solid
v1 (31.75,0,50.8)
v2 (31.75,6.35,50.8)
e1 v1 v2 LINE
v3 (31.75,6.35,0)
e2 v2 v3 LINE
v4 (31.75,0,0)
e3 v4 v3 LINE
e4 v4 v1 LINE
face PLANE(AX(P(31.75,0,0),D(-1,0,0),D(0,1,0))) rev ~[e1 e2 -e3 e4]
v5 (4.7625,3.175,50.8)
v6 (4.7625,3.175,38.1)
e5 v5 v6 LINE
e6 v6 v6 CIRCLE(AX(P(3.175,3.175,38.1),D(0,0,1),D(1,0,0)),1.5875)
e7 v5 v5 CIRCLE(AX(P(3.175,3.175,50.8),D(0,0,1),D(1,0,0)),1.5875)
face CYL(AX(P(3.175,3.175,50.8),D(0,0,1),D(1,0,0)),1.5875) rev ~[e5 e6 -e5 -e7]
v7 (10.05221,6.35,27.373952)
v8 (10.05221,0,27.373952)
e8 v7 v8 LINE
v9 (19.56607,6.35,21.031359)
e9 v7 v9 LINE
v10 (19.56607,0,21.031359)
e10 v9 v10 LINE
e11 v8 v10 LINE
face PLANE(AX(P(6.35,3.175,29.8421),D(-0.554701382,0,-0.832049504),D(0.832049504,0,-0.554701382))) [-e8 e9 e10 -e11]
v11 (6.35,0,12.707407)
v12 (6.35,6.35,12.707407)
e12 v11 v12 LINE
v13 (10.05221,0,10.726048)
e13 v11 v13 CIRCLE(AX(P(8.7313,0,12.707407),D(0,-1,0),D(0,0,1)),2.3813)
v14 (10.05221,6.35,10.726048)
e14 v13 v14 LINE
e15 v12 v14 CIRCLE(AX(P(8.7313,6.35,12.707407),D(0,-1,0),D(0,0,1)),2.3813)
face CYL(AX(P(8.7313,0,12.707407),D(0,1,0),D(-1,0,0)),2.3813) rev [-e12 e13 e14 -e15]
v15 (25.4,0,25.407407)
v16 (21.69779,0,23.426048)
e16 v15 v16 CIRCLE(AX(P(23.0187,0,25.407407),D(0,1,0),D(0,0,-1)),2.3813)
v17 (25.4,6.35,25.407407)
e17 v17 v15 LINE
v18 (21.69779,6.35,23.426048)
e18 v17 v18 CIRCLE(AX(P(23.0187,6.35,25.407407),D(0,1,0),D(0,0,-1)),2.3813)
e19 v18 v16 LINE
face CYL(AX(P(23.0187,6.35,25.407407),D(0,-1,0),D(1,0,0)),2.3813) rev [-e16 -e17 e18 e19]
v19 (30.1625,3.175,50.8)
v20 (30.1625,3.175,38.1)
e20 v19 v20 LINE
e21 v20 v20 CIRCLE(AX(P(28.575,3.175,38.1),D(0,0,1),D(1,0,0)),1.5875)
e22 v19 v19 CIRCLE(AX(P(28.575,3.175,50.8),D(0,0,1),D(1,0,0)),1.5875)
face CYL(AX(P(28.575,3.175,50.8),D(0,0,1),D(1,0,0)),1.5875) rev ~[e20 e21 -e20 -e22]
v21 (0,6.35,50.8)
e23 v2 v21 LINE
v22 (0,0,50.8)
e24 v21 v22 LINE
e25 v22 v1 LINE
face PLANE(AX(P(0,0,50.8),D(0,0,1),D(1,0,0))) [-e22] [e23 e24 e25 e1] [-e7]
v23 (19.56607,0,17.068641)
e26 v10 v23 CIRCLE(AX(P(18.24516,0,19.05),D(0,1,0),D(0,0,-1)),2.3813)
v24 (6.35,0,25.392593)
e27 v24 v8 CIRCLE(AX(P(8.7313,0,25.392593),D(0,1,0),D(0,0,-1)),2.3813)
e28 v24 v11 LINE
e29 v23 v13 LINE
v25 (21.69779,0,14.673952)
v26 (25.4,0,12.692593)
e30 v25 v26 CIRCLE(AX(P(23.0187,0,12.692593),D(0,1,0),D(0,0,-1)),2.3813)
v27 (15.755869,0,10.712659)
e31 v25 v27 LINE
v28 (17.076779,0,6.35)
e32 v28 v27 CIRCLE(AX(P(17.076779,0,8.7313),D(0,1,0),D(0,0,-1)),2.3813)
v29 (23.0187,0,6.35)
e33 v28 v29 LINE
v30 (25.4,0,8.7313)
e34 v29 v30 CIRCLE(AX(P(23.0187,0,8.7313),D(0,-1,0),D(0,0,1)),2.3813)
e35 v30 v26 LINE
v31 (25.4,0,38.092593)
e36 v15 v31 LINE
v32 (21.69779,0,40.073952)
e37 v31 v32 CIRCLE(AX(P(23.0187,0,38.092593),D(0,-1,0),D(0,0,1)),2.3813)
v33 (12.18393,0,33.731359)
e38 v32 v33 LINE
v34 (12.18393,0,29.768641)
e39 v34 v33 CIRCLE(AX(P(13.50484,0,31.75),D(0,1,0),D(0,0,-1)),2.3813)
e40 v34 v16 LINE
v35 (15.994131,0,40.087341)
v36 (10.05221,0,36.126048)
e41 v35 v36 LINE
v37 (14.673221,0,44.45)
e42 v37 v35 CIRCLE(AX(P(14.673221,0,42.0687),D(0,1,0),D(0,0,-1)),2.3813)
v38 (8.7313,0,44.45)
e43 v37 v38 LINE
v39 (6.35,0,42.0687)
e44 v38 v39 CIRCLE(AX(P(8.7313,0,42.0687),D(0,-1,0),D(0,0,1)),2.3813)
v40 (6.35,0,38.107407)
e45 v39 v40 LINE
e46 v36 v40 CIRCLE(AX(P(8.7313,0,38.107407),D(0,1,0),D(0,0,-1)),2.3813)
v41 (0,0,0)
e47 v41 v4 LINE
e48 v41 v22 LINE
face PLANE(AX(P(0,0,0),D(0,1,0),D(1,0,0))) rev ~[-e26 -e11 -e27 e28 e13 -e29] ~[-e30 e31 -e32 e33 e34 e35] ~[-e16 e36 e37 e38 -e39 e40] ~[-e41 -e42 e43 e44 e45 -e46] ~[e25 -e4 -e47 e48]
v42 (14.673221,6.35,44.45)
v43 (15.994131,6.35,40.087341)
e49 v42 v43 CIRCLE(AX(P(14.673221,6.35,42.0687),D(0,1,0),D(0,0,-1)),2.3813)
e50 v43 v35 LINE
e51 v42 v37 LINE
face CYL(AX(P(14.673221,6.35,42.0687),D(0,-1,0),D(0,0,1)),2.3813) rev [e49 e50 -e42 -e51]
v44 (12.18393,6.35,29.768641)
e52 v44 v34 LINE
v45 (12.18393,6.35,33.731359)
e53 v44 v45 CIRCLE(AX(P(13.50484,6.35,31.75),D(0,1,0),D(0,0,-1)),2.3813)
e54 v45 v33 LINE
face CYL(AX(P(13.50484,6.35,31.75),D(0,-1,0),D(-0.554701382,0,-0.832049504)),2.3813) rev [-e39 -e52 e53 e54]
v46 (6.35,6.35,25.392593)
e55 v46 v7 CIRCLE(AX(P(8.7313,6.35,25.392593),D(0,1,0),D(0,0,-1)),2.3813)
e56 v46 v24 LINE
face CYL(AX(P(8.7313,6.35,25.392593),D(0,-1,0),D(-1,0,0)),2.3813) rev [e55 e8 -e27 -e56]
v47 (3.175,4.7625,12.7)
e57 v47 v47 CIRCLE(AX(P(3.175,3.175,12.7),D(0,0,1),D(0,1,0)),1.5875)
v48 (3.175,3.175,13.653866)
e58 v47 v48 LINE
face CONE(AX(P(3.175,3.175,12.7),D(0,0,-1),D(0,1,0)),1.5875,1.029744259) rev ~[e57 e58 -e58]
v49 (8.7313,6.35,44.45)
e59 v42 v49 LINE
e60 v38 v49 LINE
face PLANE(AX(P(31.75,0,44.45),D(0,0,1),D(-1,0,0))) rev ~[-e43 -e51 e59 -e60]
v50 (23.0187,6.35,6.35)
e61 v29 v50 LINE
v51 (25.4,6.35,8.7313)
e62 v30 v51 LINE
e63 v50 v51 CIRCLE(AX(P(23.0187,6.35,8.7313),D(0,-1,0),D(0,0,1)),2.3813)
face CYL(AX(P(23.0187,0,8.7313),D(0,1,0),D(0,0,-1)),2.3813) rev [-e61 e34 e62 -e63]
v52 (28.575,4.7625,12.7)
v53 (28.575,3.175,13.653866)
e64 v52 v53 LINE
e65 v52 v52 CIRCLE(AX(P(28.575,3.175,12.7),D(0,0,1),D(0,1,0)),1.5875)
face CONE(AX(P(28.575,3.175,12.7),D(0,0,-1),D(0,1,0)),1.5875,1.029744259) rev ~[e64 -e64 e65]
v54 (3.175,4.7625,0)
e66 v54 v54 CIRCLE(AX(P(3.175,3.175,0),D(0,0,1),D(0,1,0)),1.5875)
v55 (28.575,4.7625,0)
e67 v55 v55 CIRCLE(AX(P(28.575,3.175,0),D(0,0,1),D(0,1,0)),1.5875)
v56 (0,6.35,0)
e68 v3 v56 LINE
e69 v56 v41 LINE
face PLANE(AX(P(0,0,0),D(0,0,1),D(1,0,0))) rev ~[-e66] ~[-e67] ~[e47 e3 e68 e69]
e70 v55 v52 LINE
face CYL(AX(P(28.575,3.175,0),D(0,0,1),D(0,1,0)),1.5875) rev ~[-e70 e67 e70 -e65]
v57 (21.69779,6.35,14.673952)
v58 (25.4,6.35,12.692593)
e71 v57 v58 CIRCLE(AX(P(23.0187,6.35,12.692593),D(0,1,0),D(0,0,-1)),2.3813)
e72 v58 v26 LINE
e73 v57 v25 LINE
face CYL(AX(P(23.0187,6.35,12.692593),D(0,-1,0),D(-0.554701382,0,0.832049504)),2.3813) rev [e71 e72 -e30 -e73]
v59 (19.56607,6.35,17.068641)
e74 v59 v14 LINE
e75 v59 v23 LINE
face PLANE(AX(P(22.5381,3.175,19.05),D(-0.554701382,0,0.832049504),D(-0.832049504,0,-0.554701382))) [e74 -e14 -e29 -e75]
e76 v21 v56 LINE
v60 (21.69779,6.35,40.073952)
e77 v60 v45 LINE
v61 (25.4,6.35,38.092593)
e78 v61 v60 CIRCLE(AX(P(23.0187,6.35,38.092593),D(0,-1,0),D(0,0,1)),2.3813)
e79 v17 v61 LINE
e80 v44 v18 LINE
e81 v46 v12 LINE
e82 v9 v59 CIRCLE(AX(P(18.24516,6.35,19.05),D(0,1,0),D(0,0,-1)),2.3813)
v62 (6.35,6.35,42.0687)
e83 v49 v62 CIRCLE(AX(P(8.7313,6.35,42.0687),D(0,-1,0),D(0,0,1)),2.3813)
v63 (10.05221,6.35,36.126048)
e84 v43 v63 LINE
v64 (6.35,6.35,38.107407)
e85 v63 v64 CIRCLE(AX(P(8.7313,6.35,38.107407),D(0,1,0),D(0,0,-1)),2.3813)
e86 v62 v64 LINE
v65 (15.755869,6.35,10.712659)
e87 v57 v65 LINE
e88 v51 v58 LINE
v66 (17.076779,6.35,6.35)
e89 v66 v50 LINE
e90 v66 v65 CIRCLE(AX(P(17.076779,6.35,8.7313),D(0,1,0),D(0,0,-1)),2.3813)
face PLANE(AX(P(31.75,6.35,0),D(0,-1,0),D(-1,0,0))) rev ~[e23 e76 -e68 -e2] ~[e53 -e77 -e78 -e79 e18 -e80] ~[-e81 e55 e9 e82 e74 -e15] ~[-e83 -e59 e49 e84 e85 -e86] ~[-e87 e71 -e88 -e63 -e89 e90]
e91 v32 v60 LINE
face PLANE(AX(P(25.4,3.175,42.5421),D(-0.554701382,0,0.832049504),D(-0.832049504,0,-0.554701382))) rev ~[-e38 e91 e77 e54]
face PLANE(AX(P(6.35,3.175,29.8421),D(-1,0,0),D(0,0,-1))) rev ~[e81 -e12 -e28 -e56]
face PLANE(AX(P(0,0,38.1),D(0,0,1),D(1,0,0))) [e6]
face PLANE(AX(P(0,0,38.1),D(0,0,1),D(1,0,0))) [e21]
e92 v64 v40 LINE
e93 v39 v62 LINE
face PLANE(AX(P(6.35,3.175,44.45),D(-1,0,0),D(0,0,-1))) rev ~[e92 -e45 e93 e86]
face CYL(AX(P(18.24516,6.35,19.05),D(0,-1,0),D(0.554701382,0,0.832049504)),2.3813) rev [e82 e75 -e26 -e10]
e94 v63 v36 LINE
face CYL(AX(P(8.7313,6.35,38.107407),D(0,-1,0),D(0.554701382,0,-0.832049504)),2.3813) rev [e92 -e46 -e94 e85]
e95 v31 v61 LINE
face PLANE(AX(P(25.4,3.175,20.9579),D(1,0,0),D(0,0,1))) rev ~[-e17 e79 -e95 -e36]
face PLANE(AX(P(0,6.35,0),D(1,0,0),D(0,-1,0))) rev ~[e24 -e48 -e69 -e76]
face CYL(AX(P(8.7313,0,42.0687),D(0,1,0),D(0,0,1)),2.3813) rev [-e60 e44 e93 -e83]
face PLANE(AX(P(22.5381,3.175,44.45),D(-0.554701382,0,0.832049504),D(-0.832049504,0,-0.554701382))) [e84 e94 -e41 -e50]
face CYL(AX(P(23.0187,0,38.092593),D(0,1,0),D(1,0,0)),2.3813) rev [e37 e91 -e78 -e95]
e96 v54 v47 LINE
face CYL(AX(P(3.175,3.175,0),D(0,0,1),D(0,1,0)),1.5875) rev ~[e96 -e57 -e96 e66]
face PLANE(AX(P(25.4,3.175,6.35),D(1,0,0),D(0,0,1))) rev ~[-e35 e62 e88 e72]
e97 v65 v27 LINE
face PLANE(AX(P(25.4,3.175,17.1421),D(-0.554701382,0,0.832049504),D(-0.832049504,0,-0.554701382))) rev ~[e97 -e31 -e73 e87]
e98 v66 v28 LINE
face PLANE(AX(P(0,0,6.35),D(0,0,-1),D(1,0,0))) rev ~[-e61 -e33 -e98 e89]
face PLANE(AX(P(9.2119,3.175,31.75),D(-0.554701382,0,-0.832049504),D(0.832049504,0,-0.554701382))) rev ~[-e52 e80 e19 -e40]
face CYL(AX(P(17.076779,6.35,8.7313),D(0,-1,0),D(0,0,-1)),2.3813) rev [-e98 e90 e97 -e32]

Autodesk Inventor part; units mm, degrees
ref_plane "YZ Plane" through (0, 0, 0) normal (1, 0, 0) x (0, 1, 0)
ref_plane "XZ Plane" through (0, 0, 0) normal (0, 1, 0) x (-1, 0, 0)
sketch "Sketch1" plane through (0, 0, 0) normal (0, 0, 1) x (1, 0, 0)
  line L0 (0, 0) -> (31.75, 0)
  line L1 (31.75, 0) -> (31.75, 6.35)
  line L2 (31.75, 6.35) -> (0, 6.35)
  line L3 (0, 6.35) -> (0, 0)
  point P0 (3.175, 3.175)
  point P1 (28.575, 3.175)
  dimension "d0" = 6.35
  dimension "d1" = 31.75
  dimension "d4" = 3.175
  dimension "d5" = 3.175
  dimension "d6" = 3.175
  dimension "d8" = 3.175
extrude "Extrusion1" add sketch "Sketch1" along normal blind 50.8
sketch "Sketch2" plane through (0, 0, 50.8) normal (0, 0, 1) x (1, 0, 0)
  circle A0 centre (3.175, 3.175) radius 1.5875 projected
  circle A1 centre (28.575, 3.175) radius 1.5875 projected
ref_plane "Work Plane1" through (0, 3.175, 0) normal (0, 1, 0) x (1, 0, 0)
sketch "Sketch3" plane through (0, 3.175, 0) normal (0, 1, 0) x (1, 0, 0)
  line L0 (0, 0) -> (31.75, 0) projected
  line L1 (0, 0) -> (0, -50.8) projected
  line L2 (31.75, 0) -> (31.75, -50.8) projected
  line L3 (31.75, -50.8) -> (0, -50.8) projected
  line L4 (6.35, -6.35) -> (25.4, -6.35)
  line L5 (25.4, -6.35) -> (25.4, -44.45)
  line L6 (25.4, -44.45) -> (6.35, -44.45)
  line L7 (6.35, -44.45) -> (6.35, -6.35)
  line L8 (25.4, -44.45) -> (6.35, -31.75) construction
  line L9 (25.4, -19.05) -> (6.35, -6.35) construction
  line L10 (6.35, -31.75) -> (25.4, -19.05) construction
  line L11 (22.5381, -44.45) -> (6.35, -33.6579)
  line L12 (25.4, -42.5421) -> (9.2119, -31.75)
  line L13 (9.2119, -31.75) -> (25.4, -20.9579)
  line L14 (6.35, -29.8421) -> (22.5381, -19.05)
  line L15 (22.5381, -19.05) -> (6.35, -8.2579)
  line L16 (25.4, -17.1421) -> (9.2119, -6.35)
  point P0 (25.4, -15.6798)
  point P1 (6.35, -19.8802)
  point P2 (6.35, -8.0598)
  point P3 (10.6245, -6.35)
  point P4 (25.4, -12.2602)
  dimension "d27" = 6.35
  dimension "d28" = 6.35
  dimension "d29" = 6.35
  dimension "d30" = 6.35
  dimension "d31" = 33.69
  dimension "d32" = 67.38
  dimension "d33" = 1.5875
  dimension "d34" = 3.175
  dimension "d35" = 1.5875
  dimension "d36" = 3.175
  dimension "d37" = 1.5875
  dimension "d38" = 3.175
extrude "Extrusion4" cut sketch "Sketch3" along normal mid plane 25.4 contours L4 L5 L16 | L15 L14 L7 | L5 L12 L13 | L11 L6 L7
sketch "Sketch5" plane through (0, 6.35, 0) normal (0, 1, 0) x (1, 0, 0)
  line L0 (0, -50.8) -> (31.75, -50.8) projected
  line L1 (31.75, 0) -> (31.75, -50.8) projected
  line L2 (0, 0) -> (31.75, 0)
  line L3 (31.75, 0) -> (31.75, -6.35)
  line L4 (31.75, -6.35) -> (0, -6.35)
  line L5 (0, -6.35) -> (0, 0)
  line L6 (0, -6.35) -> (31.75, -6.35)
  line L7 (31.75, -6.35) -> (31.75, -44.45)
  line L8 (31.75, -44.45) -> (0, -44.45)
  line L9 (0, -44.45) -> (0, -6.35)
  line L10 (31.75, -44.45) -> (0, -44.45)
  line L11 (0, -44.45) -> (0, -50.8)
  line L12 (0, -50.8) -> (31.75, -50.8)
  line L13 (31.75, -50.8) -> (31.75, -44.45)
extrude "Extrusion6" cut sketch "Sketch5" against normal blind 1.5875 contours L9 L4 L1 L8
sketch "Sketch6" plane through (0, 0, 0) normal (0, -1, 0) x (1, 0, 0)
  line L0 (0, 0) -> (0, 50.8) projected
  line L1 (31.75, 0) -> (31.75, 50.8) projected
  line L2 (0, 50.8) -> (31.75, 50.8)
  line L3 (31.75, 50.8) -> (31.75, 44.45)
  line L4 (31.75, 44.45) -> (0, 44.45)
  line L5 (0, 44.45) -> (0, 50.8)
  line L6 (31.75, 44.45) -> (0, 44.45)
  line L7 (0, 44.45) -> (0, 6.35)
  line L8 (0, 6.35) -> (31.75, 6.35)
  line L9 (31.75, 6.35) -> (31.75, 44.45)
  line L10 (31.75, 0) -> (0, 0)
  line L11 (0, 0) -> (0, 6.35)
  line L12 (0, 6.35) -> (31.75, 6.35)
  line L13 (31.75, 6.35) -> (31.75, 0)
extrude "Extrusion8" cut sketch "Sketch6" against normal blind 1.5875 contours L0 L4 L1 L8
extrude "Extrusion11" add sketch "Sketch3" along normal mid plane 6.35 contours L0 L2 L3 L1 | L4 L16 L5 L13 L12 L6 L11 L7 L14 L15
fillet "Fillet7" radius 2.3813 12 edges at (25.4, 3.175, 17.1421) (22.5381, 3.175, 19.05) (25.4, 3.175, 20.9579) (25.4, 3.175, 42.5421) (22.5381, 3.175, 44.45) (6.35, 3.175, 44.45) (6.35, 3.175, 33.6579) (9.2119, 3.175, 31.75) (6.35, 3.175, 29.8421) (6.35, 3.175, 8.2579) (9.2119, 3.175, 6.35) (25.4, 3.175, 6.35)
extrude "Extrusion12" cut sketch "Sketch2" against normal blind 12.7
hole "Hole2" at (3.175, 3.175, 0) at (28.575, 3.175, 0) direction (0, 0, 1) diameter 3.175 depth 12.7 tip angle 118
thread "Thread5" size "5-40 UNC" class "2B" standard "ANSI Unified Screw Threads" full length
thread "Thread6" size "5-40 UNC" class "2B" standard "ANSI Unified Screw Threads" full length
thread "Thread7" size "5-40 UNC" class "2B" standard "ANSI Unified Screw Threads" full length
thread "Thread8" size "5-40 UNC" class "2B" standard "ANSI Unified Screw Threads" full length
equation "\"d5\" = d4"
equation "\"d8\" = d4"
equation "\"d28\" = d30"
equation "\"d29\" = d27"
equation "\"d30\" = d29"
equation "\"d32\" = 2 * d31"
equation "\"d34\" = 2 * d33"
equation "\"d35\" = d33"
equation "\"d36\" = d34"
equation "\"d37\" = d35"
equation "\"d38\" = d36"
properties part number "upper gearbox stand off standard"
